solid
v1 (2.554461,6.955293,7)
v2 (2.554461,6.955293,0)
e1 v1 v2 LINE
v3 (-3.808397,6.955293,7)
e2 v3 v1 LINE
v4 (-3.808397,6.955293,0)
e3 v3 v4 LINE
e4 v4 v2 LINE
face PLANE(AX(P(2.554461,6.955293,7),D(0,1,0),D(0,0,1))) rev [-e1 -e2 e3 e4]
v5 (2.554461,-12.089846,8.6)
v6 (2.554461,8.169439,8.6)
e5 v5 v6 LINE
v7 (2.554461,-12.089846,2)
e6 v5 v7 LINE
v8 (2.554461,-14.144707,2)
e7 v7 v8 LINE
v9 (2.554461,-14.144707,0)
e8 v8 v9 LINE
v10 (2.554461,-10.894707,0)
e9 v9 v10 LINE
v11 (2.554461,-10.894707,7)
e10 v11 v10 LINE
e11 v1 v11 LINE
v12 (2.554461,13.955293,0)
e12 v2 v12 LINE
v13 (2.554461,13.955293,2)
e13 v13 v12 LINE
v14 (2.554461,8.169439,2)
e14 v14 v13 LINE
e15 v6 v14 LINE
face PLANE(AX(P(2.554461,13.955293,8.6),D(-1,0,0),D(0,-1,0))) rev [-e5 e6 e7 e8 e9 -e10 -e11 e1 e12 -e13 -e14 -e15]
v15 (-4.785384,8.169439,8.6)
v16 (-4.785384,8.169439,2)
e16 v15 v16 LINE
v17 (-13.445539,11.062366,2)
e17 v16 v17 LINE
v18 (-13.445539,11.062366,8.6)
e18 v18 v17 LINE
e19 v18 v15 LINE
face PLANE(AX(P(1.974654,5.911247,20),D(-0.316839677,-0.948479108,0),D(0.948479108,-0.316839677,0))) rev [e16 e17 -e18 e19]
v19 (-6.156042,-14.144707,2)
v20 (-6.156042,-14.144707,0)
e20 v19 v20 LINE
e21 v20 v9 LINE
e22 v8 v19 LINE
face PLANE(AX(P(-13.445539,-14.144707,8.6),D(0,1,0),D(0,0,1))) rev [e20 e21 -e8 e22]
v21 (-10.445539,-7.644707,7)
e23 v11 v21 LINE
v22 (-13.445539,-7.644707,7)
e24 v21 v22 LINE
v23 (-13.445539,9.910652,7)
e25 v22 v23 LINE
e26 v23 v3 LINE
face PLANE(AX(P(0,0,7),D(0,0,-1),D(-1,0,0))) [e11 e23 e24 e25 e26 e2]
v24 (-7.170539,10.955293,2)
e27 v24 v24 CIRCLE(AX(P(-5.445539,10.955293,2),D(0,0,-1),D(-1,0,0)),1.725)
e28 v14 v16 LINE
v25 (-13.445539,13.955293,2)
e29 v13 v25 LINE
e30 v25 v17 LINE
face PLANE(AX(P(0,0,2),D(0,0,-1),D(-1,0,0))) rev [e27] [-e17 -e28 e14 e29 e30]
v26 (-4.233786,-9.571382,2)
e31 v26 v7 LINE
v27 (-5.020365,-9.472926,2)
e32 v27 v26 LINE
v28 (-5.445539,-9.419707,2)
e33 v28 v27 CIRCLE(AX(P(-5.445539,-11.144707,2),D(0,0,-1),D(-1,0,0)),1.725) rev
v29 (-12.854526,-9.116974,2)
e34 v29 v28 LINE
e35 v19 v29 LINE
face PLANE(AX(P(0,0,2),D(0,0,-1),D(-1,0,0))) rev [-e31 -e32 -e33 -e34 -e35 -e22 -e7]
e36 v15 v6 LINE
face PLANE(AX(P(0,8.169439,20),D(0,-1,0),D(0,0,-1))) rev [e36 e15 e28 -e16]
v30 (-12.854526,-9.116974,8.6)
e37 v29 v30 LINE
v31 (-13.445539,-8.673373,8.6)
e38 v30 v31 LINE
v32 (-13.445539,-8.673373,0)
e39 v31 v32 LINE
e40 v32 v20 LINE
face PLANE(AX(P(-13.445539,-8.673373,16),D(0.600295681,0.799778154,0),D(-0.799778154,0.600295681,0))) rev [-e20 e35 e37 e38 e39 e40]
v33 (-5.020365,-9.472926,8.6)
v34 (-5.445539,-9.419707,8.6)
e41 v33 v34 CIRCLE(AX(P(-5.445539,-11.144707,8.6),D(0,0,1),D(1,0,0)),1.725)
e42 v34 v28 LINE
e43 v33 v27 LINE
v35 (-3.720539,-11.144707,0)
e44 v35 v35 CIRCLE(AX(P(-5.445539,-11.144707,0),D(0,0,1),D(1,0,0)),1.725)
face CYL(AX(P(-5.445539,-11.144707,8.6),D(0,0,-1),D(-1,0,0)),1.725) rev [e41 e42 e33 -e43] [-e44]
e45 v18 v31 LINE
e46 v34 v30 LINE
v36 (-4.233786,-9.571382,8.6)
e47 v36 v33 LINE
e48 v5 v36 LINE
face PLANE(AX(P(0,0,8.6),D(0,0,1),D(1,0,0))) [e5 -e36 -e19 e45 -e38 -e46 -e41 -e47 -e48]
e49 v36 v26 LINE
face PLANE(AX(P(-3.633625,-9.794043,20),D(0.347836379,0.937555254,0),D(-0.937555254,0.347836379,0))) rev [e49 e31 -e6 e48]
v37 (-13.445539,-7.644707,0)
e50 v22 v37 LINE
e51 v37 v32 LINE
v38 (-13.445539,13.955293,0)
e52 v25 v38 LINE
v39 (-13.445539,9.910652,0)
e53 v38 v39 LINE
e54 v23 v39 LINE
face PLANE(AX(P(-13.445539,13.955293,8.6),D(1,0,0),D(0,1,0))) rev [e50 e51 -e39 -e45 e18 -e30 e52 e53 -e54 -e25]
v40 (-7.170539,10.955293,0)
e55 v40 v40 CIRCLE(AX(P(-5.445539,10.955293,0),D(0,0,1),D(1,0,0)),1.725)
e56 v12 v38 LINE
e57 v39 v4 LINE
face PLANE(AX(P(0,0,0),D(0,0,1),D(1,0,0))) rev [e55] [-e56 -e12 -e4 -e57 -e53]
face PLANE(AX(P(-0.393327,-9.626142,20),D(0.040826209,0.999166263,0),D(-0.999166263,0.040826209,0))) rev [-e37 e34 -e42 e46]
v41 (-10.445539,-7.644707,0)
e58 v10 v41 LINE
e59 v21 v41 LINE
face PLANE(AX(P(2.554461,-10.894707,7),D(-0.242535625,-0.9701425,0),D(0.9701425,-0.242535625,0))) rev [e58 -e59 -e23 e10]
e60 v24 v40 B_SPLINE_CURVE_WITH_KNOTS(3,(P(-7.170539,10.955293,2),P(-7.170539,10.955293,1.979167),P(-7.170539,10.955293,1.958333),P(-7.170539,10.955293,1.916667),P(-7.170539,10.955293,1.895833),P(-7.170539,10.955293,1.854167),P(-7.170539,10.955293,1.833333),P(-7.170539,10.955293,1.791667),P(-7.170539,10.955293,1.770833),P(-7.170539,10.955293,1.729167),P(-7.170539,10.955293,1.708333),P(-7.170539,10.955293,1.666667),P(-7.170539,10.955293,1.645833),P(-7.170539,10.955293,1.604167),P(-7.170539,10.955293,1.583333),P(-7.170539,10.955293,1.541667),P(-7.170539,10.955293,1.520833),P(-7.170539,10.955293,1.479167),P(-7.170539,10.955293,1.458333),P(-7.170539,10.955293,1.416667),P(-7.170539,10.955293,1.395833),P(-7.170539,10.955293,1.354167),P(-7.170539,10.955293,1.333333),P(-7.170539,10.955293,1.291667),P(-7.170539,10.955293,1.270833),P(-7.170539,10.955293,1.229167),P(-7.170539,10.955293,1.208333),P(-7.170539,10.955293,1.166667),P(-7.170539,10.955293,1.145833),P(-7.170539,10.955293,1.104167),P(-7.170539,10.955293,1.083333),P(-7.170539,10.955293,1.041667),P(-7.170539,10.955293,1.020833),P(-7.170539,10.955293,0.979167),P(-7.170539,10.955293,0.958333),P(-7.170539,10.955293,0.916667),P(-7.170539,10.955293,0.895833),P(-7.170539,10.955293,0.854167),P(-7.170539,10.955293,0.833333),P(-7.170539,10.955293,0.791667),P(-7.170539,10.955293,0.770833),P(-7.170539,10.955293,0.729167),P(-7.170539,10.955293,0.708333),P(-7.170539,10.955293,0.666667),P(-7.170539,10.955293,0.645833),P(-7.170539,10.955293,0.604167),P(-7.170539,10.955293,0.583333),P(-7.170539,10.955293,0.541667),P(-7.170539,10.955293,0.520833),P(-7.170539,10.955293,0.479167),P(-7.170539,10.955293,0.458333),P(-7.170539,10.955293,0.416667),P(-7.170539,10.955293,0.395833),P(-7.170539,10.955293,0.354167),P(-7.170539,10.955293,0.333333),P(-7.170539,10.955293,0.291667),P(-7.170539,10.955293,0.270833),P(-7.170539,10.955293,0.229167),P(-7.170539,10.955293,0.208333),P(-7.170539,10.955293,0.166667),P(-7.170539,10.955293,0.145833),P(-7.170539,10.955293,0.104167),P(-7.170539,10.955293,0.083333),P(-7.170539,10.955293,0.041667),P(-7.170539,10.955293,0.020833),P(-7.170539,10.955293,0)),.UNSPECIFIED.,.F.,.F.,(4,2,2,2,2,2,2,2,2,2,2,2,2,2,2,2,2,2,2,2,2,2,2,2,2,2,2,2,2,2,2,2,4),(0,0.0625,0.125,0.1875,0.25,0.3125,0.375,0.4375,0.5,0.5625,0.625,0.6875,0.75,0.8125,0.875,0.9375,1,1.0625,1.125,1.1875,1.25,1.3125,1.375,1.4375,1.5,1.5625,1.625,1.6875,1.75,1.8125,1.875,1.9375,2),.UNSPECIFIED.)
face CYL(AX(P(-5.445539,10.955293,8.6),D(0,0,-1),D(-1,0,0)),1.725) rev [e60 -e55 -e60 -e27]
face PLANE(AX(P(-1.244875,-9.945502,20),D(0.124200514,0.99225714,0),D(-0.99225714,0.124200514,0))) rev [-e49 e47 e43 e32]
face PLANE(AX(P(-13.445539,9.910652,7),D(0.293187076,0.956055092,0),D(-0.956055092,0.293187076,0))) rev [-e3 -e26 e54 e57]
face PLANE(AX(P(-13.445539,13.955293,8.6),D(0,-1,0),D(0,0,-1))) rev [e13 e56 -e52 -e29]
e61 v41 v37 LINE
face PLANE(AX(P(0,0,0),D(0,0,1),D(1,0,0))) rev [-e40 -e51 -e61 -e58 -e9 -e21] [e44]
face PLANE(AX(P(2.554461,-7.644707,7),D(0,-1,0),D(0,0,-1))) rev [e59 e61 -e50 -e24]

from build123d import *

# Parameters (mm, degrees)
ESQUISSE1_W             = 16
ESQUISSE1_H             = 28.1
ESQUISSE1_R             = 1.725
BOSS_EXTRU_1_DEPTH      = 8.6
ESQUISSE2_W             = 16
ESQUISSE2_H             = 14.6
ENL_V_MAT_EXTRU_2_DEPTH = 7
ENL_V_MAT_EXTRU_5_DEPTH = 16
ENL_V_MAT_EXTRU_6_DEPTH = 7
ENL_V_START             = -2
ENL_V_MAT_EXTRU_9_DEPTH = 18


with BuildPart() as part:
    # Esquisse1 → Boss.-Extru.1 (new body)
    with BuildSketch(Plane.XY):
        with Locations((-5.445538763, -0.094706778)):
            Rectangle(ESQUISSE1_W, ESQUISSE1_H)
        with Locations(Location((-5.445538763, 10.955293222, 0), (0, 0, 180))):
            Circle(ESQUISSE1_R, mode=Mode.SUBTRACT)
        with Locations(Location((-5.445538763, -11.144706778, 0), (0, 0, 180))):
            Circle(ESQUISSE1_R, mode=Mode.SUBTRACT)
    extrude(amount=BOSS_EXTRU_1_DEPTH)

    # Esquisse2 → Enlèv. mat.-Extru.2 (cut)
    with BuildSketch(Plane(origin=(0, 0, 0), x_dir=(-1, 0, 0), z_dir=(0, 0, -1))):
        with Locations((5.445538763, -0.344706778)):
            Rectangle(ESQUISSE2_W, ESQUISSE2_H)
    extrude(amount=-ENL_V_MAT_EXTRU_2_DEPTH, mode=Mode.SUBTRACT)

    # Esquisse4 → Enlèv. mat.-Extru.5 (cut)
    with BuildSketch(Plane(origin=(0, 0, 0), x_dir=(-1, 0, 0), z_dir=(0, 0, -1))):
        Polygon((8.103346265, -14.144706778), (13.445538763, -14.144706778), (13.445538763, -8.673372576), (6.156041758, -14.144706778), align=None)
    extrude(amount=-ENL_V_MAT_EXTRU_5_DEPTH, mode=Mode.SUBTRACT)

    # Esquisse5 → Enlèv. mat.-Extru.6 (cut)
    with BuildSketch(Plane(origin=(0, 0, 0), x_dir=(-1, 0, 0), z_dir=(0, 0, -1))):
        Polygon((-2.554461237, -7.644706778), (-2.554461237, -10.894706778), (10.445538763, -7.644706778), align=None)
        Polygon((13.445538763, 6.955293222), (13.445538763, 9.910651633), (3.808396856, 6.955293222), align=None)
    extrude(amount=-ENL_V_MAT_EXTRU_6_DEPTH, mode=Mode.SUBTRACT)

    # Esquisse6 → Enlèv. mat.-Extru.9 (cut)
    with BuildSketch(Plane(origin=(0, 0, 0), x_dir=(-1, 0, 0), z_dir=(0, 0, -1)).offset(ENL_V_START)):
        Polygon((-2.554461237, 13.955293222), (-2.554461237, 8.169439353), (4.78538363, 8.169439353), (13.445538763, 11.062366287), (13.445538763, 13.955293222), align=None)
        with BuildLine():
            Line((6.156041758, -14.144706778), (12.854526116, -9.116973515))
            Line((12.854526116, -9.116973515), (5.445538763, -9.419706778))
            ThreePointArc((5.445538763, -9.419706778), (6.66529796, -9.924947581), (7.170538763, -11.144706778))
            ThreePointArc((7.170538763, -11.144706778), (4.386718709, -12.506516271), (5.020364742, -9.472925677))
            Line((5.020364742, -9.472925677), (4.233785553, -9.571381546))
            Line((4.233785553, -9.571381546), (-2.554461237, -12.089845576))
            Line((-2.554461237, -12.089845576), (-2.554461237, -14.144706778))
            Line((-2.554461237, -14.144706778), (6.156041758, -14.144706778))
        make_face()
    extrude(amount=-ENL_V_MAT_EXTRU_9_DEPTH, mode=Mode.SUBTRACT)


solid = part.part
